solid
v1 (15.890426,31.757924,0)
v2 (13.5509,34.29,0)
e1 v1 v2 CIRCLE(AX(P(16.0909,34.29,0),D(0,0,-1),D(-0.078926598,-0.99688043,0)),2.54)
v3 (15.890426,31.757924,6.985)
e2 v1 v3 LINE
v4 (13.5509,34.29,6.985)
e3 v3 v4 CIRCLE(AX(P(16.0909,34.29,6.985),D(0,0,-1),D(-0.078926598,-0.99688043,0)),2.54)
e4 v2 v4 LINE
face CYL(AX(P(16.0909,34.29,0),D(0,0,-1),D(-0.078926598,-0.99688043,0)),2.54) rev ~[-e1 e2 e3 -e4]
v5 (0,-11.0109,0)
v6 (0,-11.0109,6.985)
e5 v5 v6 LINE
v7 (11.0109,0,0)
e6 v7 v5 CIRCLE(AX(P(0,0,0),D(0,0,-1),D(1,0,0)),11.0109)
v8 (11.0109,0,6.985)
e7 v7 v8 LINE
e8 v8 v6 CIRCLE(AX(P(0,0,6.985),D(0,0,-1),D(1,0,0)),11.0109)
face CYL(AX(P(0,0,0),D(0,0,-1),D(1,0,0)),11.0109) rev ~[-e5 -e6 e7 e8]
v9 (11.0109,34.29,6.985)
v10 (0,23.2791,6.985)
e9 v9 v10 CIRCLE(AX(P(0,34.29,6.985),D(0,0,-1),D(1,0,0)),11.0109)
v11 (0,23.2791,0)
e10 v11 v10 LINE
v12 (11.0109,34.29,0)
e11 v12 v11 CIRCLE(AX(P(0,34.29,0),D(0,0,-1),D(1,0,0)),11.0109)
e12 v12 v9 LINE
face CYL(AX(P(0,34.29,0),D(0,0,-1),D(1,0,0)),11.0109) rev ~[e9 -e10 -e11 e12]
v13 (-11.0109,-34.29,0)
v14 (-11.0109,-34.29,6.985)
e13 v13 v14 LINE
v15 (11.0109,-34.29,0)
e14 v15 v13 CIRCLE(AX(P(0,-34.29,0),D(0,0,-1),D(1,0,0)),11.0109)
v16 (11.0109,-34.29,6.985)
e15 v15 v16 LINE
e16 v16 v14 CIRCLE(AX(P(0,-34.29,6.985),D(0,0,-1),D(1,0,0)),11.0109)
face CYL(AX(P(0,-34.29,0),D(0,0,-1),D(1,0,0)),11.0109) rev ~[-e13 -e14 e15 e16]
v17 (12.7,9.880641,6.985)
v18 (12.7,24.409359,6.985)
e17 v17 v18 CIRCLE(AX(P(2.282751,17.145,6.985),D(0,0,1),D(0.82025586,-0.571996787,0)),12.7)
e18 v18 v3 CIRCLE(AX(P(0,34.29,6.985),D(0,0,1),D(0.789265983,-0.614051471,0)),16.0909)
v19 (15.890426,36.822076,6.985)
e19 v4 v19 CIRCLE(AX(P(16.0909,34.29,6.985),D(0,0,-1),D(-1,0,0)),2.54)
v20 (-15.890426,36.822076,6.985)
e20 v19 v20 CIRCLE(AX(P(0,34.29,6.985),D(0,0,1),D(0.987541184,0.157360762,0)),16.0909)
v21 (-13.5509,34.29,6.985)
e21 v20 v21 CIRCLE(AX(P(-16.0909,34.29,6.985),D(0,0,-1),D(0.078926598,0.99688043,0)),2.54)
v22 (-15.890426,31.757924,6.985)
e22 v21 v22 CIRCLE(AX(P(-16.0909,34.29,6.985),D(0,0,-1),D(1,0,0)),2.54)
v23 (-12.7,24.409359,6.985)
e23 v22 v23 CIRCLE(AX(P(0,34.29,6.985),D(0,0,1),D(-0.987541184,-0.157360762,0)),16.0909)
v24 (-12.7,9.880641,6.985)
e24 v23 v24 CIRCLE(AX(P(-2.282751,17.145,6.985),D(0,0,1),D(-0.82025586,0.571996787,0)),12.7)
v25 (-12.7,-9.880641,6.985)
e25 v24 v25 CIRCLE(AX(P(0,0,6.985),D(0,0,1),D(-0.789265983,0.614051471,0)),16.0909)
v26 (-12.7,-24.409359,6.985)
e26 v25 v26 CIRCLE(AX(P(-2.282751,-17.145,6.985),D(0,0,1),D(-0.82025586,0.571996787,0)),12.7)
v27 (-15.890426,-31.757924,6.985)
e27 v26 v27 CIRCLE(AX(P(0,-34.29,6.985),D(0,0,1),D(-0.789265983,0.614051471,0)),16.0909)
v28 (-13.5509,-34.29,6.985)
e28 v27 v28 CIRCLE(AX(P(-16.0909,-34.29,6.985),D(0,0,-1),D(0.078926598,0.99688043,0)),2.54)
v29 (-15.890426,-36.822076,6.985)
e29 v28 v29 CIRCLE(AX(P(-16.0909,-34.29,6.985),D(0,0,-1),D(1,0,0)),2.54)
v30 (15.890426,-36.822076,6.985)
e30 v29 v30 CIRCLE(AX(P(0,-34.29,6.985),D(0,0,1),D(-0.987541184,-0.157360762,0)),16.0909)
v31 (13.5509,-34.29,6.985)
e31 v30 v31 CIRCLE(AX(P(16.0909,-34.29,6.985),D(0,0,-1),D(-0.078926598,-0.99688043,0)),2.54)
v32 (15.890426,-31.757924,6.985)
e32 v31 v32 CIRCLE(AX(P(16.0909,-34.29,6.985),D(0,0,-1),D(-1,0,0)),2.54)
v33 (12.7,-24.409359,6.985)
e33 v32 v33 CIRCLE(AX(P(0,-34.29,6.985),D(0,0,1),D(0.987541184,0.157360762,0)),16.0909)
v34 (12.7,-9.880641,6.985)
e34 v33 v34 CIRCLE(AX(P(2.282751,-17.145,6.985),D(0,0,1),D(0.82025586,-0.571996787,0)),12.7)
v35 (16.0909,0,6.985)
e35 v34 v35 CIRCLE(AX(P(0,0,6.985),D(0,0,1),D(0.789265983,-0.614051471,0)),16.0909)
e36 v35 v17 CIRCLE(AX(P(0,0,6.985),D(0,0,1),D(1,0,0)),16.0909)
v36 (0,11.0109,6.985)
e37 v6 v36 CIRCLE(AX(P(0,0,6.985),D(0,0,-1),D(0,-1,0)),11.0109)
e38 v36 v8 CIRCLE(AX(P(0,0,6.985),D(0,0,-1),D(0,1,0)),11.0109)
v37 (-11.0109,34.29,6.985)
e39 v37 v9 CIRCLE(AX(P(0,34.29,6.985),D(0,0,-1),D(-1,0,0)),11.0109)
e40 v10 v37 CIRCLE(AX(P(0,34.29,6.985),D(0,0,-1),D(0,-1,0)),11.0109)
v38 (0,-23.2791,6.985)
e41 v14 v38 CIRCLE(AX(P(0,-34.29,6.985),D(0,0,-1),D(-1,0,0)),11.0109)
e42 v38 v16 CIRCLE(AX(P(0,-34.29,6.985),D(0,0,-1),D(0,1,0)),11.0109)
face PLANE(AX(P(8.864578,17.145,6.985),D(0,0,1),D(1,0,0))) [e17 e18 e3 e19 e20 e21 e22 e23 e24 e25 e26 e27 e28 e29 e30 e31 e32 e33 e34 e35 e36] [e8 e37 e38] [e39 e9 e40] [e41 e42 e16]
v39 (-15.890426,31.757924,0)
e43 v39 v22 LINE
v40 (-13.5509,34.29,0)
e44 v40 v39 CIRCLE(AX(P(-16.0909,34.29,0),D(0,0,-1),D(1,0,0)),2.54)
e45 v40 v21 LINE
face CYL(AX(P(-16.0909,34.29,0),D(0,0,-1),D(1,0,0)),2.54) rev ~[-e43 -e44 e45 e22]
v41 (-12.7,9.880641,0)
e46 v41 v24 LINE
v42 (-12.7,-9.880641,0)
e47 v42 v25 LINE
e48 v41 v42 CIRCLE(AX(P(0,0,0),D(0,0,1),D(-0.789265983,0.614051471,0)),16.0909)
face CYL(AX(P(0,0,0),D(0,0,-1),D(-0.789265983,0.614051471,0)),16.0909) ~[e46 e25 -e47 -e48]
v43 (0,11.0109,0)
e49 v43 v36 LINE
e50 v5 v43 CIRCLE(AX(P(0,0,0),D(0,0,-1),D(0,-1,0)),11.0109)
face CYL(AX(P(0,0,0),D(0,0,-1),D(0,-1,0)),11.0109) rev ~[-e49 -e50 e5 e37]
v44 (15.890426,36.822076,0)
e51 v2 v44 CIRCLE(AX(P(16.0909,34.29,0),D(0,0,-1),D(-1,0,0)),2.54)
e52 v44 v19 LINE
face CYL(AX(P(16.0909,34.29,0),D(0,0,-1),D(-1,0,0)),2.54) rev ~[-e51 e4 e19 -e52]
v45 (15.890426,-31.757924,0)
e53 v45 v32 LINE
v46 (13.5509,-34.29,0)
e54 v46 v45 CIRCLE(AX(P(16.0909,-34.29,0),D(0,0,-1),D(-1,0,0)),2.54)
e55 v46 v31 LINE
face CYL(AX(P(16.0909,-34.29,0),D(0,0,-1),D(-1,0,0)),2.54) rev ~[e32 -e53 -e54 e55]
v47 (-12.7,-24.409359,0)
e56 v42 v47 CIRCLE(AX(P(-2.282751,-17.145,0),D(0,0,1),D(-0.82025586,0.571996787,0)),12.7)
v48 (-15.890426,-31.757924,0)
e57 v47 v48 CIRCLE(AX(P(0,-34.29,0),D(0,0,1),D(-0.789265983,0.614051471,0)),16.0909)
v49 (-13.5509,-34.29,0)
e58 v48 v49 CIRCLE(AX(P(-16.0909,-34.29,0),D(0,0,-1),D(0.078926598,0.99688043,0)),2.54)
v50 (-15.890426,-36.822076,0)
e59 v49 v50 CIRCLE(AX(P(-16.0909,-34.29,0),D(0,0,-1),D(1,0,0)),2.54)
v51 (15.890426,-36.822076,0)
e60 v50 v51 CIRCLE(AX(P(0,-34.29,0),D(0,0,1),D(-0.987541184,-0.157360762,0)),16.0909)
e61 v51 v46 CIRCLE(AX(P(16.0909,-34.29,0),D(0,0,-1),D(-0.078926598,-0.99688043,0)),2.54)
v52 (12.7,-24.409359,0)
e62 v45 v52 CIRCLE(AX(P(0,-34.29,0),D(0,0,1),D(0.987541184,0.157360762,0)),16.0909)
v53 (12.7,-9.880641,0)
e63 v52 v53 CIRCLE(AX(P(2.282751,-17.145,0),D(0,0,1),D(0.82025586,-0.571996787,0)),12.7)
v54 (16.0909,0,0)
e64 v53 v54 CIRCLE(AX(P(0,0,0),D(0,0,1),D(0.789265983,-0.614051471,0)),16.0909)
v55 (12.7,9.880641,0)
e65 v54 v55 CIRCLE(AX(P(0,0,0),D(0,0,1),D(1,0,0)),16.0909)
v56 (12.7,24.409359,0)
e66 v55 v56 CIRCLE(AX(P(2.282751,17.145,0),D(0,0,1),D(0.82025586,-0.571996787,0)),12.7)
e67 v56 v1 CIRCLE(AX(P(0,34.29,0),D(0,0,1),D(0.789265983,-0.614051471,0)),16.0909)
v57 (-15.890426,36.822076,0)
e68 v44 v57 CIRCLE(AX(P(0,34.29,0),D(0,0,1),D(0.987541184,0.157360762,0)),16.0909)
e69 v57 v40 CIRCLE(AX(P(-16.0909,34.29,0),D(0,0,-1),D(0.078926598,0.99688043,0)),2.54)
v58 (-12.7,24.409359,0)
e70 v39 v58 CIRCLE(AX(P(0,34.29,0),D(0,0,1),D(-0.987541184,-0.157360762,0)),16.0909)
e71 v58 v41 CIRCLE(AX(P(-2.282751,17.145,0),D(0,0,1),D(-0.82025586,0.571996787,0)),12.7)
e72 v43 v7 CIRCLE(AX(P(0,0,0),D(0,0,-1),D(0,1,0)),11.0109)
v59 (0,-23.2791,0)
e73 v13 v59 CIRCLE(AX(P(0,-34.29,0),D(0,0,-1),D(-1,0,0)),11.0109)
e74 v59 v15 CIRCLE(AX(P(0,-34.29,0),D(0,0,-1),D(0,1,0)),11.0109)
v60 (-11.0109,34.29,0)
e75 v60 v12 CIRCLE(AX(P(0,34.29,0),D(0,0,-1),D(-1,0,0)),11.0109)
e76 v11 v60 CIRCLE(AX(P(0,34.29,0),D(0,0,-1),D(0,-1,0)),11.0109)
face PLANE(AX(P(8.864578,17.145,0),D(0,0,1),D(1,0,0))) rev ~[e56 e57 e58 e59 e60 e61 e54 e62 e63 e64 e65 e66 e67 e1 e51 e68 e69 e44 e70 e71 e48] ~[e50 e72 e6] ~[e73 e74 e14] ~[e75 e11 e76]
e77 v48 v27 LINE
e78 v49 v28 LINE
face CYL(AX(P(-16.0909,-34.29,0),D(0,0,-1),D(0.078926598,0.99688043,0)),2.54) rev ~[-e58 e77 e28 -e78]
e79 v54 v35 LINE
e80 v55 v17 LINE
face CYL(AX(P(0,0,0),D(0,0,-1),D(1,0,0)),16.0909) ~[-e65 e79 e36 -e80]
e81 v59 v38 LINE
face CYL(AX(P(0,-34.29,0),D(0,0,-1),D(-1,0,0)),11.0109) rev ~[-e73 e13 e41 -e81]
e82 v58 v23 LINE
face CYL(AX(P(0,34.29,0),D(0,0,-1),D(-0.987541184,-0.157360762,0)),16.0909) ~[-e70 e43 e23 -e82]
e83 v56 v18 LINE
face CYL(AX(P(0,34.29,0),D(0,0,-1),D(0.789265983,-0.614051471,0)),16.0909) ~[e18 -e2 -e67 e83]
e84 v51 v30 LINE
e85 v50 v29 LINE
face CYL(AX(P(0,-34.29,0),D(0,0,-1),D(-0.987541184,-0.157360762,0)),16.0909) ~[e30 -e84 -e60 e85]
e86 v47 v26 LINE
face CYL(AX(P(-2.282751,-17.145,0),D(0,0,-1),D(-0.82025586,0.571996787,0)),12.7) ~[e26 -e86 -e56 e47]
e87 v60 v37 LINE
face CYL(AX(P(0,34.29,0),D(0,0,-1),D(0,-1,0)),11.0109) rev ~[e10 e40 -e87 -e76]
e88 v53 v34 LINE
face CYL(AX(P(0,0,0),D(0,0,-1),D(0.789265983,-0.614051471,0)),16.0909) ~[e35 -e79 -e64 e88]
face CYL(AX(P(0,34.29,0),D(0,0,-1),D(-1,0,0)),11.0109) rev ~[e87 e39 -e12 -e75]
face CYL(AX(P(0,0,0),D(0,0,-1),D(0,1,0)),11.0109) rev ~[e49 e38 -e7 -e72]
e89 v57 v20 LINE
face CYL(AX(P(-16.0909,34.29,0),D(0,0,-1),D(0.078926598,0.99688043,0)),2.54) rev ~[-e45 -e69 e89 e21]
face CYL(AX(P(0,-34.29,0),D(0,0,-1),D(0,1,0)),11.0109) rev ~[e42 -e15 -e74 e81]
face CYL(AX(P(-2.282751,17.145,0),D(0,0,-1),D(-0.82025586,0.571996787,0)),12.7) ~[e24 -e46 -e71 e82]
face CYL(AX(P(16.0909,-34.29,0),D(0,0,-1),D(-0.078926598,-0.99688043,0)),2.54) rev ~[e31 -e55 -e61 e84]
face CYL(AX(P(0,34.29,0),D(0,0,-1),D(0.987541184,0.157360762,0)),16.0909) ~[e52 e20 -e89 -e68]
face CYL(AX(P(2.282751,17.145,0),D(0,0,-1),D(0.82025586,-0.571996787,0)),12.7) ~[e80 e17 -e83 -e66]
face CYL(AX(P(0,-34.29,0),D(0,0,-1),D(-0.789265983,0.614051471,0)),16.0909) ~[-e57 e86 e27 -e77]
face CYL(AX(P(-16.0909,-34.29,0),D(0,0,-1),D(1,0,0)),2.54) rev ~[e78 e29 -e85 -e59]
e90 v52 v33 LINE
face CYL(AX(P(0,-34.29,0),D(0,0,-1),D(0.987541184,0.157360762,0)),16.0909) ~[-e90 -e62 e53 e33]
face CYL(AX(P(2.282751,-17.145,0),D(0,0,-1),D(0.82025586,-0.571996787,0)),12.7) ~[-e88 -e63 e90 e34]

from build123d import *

# Parameters (mm, degrees)
F1_DEPTH = 6.985


with BuildPart() as f1:
    # F0 (on Top) → F1 (new body)
    with BuildSketch(Plane.XY):
        with BuildLine():
            Line((0, 18.1991), (0, 16.0909))
            ThreePointArc((0, 16.0909), (7.068545098, 14.4551974392), (12.7, 9.8806408097))
            ThreePointArc((12.7, 9.8806408097), (14.9827505764, 17.145), (12.7, 24.4093591903))
            ThreePointArc((12.7, 24.4093591903), (7.068545098, 19.8348025608), (0, 18.1991))
        make_face()
        with BuildLine():
            ThreePointArc((-12.7, 9.8806408097), (-7.068545098, 14.4551974392), (0, 16.0909))
            Line((0, 16.0909), (0, 18.1991))
            ThreePointArc((0, 18.1991), (-7.068545098, 19.8348025608), (-12.7, 24.4093591903))
            ThreePointArc((-12.7, 24.4093591903), (-14.9827505764, 17.145), (-12.7, 9.8806408097))
        make_face()
        with BuildLine():
            Line((0, -18.1991), (0, -16.0909))
            ThreePointArc((0, -16.0909), (-7.068545098, -14.4551974392), (-12.7, -9.8806408097))
            ThreePointArc((-12.7, -9.8806408097), (-14.9827505764, -17.145), (-12.7, -24.4093591903))
            ThreePointArc((-12.7, -24.4093591903), (-7.068545098, -19.8348025608), (0, -18.1991))
        make_face()
        with BuildLine():
            ThreePointArc((12.7, -9.8806408097), (7.068545098, -14.4551974392), (0, -16.0909))
            Line((0, -16.0909), (0, -18.1991))
            ThreePointArc((0, -18.1991), (7.068545098, -19.8348025608), (12.7, -24.4093591903))
            ThreePointArc((12.7, -24.4093591903), (14.9827505764, -17.145), (12.7, -9.8806408097))
        make_face()
        with BuildLine():
            ThreePointArc((0, -11.0109), (-11.0109, 0), (0, 11.0109))
            Line((0, 11.0109), (0, 16.0909))
            ThreePointArc((0, 16.0909), (-7.068545098, 14.4551974392), (-12.7, 9.8806408097))
            ThreePointArc((-12.7, 9.8806408097), (-16.0909, 0), (-12.7, -9.8806408097))
            ThreePointArc((-12.7, -9.8806408097), (-7.068545098, -14.4551974392), (0, -16.0909))
            Line((0, -16.0909), (0, -11.0109))
        make_face()
        with BuildLine():
            ThreePointArc((0, 11.0109), (7.785882057, 7.785882057), (11.0109, 0))
            ThreePointArc((11.0109, 0), (7.785882057, -7.785882057), (0, -11.0109))
            Line((0, -11.0109), (0, -16.0909))
            ThreePointArc((0, -16.0909), (7.068545098, -14.4551974392), (12.7, -9.8806408097))
            ThreePointArc((12.7, -9.8806408097), (15.2195843046, -5.2231519607), (16.0909, 0))
            ThreePointArc((16.0909, 0), (15.2195843046, 5.2231519607), (12.7, 9.8806408097))
            ThreePointArc((12.7, 9.8806408097), (7.068545098, 14.4551974392), (0, 16.0909))
            Line((0, 16.0909), (0, 11.0109))
        make_face()
        with BuildLine():
            Line((-13.5509, 34.29), (-11.0109, 34.29))
            ThreePointArc((-11.0109, 34.29), (0, 45.3009), (11.0109, 34.29))
            Line((11.0109, 34.29), (13.5509, 34.29))
            ThreePointArc((13.5509, 34.29), (14.2253166004, 36.013716502), (15.8904264404, 36.8220762927))
            ThreePointArc((15.8904264404, 36.8220762927), (0, 50.3809), (-15.8904264404, 36.8220762927))
            ThreePointArc((-15.8904264404, 36.8220762927), (-14.2253166004, 36.013716502), (-13.5509, 34.29))
        make_face()
        with BuildLine():
            ThreePointArc((-12.7, 24.4093591903), (-7.068545098, 19.8348025608), (0, 18.1991))
            Line((0, 18.1991), (0, 23.2791))
            ThreePointArc((0, 23.2791), (-7.785882057, 26.504117943), (-11.0109, 34.29))
            Line((-11.0109, 34.29), (-13.5509, 34.29))
            ThreePointArc((-13.5509, 34.29), (-14.2253166004, 32.566283498), (-15.8904264404, 31.7579237073))
            ThreePointArc((-15.8904264404, 31.7579237073), (-14.7598601323, 27.8819120103), (-12.7, 24.4093591903))
        make_face()
        with BuildLine():
            Line((0, 23.2791), (0, 18.1991))
            ThreePointArc((0, 18.1991), (7.068545098, 19.8348025608), (12.7, 24.4093591903))
            ThreePointArc((12.7, 24.4093591903), (14.7598601323, 27.8819120103), (15.8904264404, 31.7579237073))
            ThreePointArc((15.8904264404, 31.7579237073), (14.2253166004, 32.566283498), (13.5509, 34.29))
            Line((13.5509, 34.29), (11.0109, 34.29))
            ThreePointArc((11.0109, 34.29), (7.785882057, 26.504117943), (0, 23.2791))
        make_face()
        with BuildLine():
            ThreePointArc((12.7, -24.4093591903), (7.068545098, -19.8348025608), (0, -18.1991))
            Line((0, -18.1991), (0, -23.2791))
            ThreePointArc((0, -23.2791), (7.785882057, -26.504117943), (11.0109, -34.29))
            Line((11.0109, -34.29), (13.5509, -34.29))
            ThreePointArc((13.5509, -34.29), (14.2253166004, -32.566283498), (15.8904264404, -31.7579237073))
            ThreePointArc((15.8904264404, -31.7579237073), (14.7598601323, -27.8819120103), (12.7, -24.4093591903))
        make_face()
        with BuildLine():
            Line((0, -23.2791), (0, -18.1991))
            ThreePointArc((0, -18.1991), (-7.068545098, -19.8348025608), (-12.7, -24.4093591903))
            ThreePointArc((-12.7, -24.4093591903), (-14.7598601323, -27.8819120103), (-15.8904264404, -31.7579237073))
            ThreePointArc((-15.8904264404, -31.7579237073), (-14.2253166004, -32.566283498), (-13.5509, -34.29))
            Line((-13.5509, -34.29), (-11.0109, -34.29))
            ThreePointArc((-11.0109, -34.29), (-7.785882057, -26.504117943), (0, -23.2791))
        make_face()
        with BuildLine():
            Line((13.5509, -34.29), (11.0109, -34.29))
            ThreePointArc((11.0109, -34.29), (0, -45.3009), (-11.0109, -34.29))
            Line((-11.0109, -34.29), (-13.5509, -34.29))
            ThreePointArc((-13.5509, -34.29), (-14.2253166004, -36.013716502), (-15.8904264404, -36.8220762927))
            ThreePointArc((-15.8904264404, -36.8220762927), (0, -50.3809), (15.8904264404, -36.8220762927))
            ThreePointArc((15.8904264404, -36.8220762927), (14.2253166004, -36.013716502), (13.5509, -34.29))
        make_face()
    extrude(amount=F1_DEPTH)


solid = f1.part
